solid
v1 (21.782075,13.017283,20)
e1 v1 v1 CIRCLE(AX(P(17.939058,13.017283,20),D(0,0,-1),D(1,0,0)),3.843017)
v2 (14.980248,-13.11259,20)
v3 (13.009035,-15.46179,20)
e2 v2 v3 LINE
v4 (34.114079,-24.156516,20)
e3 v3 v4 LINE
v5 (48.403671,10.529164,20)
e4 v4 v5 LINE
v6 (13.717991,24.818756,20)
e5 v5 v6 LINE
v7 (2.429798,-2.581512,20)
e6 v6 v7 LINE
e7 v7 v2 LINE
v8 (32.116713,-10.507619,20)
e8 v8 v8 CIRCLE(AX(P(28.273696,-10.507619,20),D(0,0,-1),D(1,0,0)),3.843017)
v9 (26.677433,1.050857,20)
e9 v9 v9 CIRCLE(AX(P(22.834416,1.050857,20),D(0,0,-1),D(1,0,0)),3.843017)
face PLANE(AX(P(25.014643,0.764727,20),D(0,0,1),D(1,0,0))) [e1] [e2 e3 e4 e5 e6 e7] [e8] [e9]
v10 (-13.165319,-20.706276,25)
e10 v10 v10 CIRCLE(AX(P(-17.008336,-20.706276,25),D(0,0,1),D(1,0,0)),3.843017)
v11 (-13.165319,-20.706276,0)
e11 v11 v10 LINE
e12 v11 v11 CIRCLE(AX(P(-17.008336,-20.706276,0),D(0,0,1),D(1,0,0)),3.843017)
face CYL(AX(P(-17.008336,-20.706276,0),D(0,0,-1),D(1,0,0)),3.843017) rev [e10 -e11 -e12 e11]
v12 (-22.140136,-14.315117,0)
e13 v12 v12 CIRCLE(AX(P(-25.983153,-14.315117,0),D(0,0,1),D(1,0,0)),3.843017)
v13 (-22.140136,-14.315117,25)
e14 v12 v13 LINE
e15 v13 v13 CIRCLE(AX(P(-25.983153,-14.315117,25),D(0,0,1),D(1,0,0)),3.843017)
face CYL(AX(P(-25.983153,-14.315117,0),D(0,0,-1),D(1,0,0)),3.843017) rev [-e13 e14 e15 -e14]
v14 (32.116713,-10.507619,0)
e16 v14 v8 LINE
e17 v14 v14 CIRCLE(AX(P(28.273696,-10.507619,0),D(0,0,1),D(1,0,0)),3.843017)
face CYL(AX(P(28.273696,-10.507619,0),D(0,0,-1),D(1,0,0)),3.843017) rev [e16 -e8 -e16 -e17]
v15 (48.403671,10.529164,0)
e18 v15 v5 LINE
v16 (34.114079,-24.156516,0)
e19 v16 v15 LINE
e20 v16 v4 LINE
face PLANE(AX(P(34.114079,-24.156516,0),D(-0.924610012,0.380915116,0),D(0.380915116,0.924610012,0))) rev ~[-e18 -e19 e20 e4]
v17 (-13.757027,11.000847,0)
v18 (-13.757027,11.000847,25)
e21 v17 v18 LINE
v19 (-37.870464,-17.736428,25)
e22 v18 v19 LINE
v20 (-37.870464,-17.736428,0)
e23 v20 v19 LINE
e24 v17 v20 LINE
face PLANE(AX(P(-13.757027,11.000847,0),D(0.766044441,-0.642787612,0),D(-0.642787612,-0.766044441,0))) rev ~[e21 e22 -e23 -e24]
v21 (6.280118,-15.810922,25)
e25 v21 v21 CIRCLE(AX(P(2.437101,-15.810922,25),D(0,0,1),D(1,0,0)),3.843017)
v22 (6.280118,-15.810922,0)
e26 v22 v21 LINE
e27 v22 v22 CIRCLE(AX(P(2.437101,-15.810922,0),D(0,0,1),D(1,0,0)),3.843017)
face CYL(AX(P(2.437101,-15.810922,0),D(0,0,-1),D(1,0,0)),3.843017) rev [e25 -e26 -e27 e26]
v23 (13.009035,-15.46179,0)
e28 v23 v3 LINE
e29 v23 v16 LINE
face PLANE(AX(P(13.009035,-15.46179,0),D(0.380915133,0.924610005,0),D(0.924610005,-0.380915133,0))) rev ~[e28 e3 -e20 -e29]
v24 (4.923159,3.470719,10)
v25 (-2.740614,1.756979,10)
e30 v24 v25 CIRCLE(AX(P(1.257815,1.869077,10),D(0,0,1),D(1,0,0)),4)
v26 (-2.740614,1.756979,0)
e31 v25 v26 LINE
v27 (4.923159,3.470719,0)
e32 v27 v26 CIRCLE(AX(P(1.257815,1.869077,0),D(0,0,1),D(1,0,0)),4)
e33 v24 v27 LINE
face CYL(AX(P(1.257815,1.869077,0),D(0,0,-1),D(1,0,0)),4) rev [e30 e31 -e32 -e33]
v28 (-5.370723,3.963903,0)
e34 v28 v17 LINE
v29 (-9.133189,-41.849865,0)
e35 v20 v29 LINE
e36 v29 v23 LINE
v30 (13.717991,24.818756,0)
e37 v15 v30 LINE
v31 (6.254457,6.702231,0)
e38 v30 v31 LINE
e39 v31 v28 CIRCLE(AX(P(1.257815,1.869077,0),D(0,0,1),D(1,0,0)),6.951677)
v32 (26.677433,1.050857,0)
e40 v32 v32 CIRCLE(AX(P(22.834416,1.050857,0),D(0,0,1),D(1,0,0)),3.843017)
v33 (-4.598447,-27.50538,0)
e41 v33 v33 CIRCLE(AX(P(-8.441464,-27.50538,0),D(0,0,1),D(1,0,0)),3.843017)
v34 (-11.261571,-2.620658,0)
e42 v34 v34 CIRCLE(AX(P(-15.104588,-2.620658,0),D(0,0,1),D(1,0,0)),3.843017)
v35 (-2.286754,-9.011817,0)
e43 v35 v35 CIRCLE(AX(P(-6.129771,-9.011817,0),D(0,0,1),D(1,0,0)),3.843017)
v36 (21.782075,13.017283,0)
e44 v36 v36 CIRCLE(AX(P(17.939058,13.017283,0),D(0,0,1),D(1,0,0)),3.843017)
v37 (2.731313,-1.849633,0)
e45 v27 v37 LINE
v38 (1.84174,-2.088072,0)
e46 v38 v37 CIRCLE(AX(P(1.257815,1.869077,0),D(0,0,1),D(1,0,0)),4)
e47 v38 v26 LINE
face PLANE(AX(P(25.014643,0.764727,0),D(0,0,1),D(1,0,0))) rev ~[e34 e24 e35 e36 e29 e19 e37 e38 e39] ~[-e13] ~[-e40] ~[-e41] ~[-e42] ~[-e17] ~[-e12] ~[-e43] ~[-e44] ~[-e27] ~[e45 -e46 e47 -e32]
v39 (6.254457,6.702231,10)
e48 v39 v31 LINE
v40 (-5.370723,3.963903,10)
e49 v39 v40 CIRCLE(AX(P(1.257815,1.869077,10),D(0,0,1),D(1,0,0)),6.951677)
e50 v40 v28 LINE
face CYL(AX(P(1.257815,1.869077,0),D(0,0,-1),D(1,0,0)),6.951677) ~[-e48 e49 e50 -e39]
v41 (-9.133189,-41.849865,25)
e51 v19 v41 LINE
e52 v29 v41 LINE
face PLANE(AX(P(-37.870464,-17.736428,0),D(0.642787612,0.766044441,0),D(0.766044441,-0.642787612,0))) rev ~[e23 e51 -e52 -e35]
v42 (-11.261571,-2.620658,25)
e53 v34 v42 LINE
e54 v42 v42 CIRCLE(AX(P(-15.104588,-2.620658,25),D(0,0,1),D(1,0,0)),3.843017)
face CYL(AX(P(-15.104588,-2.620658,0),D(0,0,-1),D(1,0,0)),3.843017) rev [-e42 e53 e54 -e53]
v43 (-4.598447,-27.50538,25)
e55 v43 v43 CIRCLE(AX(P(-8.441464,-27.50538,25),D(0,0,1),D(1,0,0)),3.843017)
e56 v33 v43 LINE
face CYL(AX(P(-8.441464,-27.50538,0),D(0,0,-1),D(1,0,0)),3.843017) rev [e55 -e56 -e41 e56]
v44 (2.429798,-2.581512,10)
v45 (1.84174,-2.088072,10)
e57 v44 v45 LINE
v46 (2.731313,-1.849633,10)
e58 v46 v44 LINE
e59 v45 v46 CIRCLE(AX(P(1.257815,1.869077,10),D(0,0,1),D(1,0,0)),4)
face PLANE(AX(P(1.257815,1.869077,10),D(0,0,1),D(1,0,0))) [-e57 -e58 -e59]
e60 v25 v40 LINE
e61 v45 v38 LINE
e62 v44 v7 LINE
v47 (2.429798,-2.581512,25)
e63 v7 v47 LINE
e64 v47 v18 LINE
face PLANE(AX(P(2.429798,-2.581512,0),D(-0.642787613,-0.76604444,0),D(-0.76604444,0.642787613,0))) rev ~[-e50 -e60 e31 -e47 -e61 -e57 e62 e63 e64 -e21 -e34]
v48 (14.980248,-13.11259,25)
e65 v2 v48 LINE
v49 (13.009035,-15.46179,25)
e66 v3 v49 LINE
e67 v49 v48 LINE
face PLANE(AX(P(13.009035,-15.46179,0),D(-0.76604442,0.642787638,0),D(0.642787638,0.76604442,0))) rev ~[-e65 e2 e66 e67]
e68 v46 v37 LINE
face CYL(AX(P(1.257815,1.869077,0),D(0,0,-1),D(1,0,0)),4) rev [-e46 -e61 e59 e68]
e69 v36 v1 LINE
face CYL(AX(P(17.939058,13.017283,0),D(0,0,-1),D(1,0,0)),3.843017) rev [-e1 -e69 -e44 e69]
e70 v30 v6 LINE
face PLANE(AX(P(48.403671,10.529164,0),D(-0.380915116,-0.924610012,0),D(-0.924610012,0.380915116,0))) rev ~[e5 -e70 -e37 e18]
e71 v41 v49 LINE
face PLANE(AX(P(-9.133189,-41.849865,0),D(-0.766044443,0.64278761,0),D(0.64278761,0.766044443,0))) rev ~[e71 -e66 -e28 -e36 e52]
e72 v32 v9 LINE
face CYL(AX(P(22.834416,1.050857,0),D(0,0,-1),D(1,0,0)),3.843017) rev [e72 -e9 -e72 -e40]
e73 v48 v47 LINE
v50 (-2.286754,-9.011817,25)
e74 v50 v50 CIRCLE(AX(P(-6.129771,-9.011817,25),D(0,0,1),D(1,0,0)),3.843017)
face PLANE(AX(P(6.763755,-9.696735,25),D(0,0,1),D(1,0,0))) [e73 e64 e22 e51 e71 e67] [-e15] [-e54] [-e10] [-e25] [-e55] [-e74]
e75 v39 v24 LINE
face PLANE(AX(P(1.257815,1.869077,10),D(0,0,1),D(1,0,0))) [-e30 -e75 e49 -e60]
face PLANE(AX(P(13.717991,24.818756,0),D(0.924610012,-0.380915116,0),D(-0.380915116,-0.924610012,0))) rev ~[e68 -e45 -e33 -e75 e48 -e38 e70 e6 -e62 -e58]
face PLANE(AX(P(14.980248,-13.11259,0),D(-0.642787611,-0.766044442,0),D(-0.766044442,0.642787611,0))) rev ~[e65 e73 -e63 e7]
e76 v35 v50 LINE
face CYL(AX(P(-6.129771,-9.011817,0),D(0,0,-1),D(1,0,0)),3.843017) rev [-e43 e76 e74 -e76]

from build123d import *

# Parameters (mm, degrees)
F1_DEPTH = 25
F2_DEPTH = 20
F3_R     = 3.843017
F4_DEPTH = 25
F5_R     = 6.951677
F5_R_2   = 4
F6_DEPTH = 10


with BuildPart() as f1:
    # F0 (on Top) → F1 (new body)
    with BuildSketch(Plane.XY):
        Polygon((14.980248, -13.11259), (2.429798, -2.581512), (-0.571601, -9.866924), (13.009035, -15.46179), align=None)
        Polygon((2.429798, -2.581512), (-13.757027, 11.000847), (-37.870464, -17.736428), (-9.133189, -41.849865), (13.009035, -15.46179), (-0.571601, -9.866924), align=None)
    extrude(amount=F1_DEPTH)

    # F0 (on Top) → F2 (join)
    with BuildSketch(Plane.XY):
        Polygon((13.717991, 24.818756), (2.429798, -2.581512), (14.980248, -13.11259), (13.009035, -15.46179), (34.114079, -24.156516), (48.403671, 10.529164), align=None)
    extrude(amount=F2_DEPTH)

    # F3 (on Top) → F4 (cut)
    with BuildSketch(Plane.XY):
        with Locations((-15.104588, -2.620658)):
            Circle(F3_R)
        with Locations((-25.983153, -14.315117)):
            Circle(F3_R)
        with Locations((-6.129771, -9.011817)):
            Circle(F3_R)
        with Locations((-17.008336, -20.706276)):
            Circle(F3_R)
        with Locations((2.437101, -15.810922)):
            Circle(F3_R)
        with Locations((-8.441464, -27.50538)):
            Circle(F3_R)
        with Locations((17.939058, 13.017283)):
            Circle(F3_R)
        with Locations((22.834416, 1.050857)):
            Circle(F3_R)
        with Locations((28.273696, -10.507619)):
            Circle(F3_R)
    extrude(amount=F4_DEPTH, mode=Mode.SUBTRACT)

    # F5 (on Top) → F6 (join)
    with BuildSketch(Plane.XY):
        with Locations((1.257815, 1.869077)):
            Circle(F5_R)
        with Locations((1.257815, 1.869077)):
            Circle(F5_R_2, mode=Mode.SUBTRACT)
    extrude(amount=F6_DEPTH)


solid = f1.part
